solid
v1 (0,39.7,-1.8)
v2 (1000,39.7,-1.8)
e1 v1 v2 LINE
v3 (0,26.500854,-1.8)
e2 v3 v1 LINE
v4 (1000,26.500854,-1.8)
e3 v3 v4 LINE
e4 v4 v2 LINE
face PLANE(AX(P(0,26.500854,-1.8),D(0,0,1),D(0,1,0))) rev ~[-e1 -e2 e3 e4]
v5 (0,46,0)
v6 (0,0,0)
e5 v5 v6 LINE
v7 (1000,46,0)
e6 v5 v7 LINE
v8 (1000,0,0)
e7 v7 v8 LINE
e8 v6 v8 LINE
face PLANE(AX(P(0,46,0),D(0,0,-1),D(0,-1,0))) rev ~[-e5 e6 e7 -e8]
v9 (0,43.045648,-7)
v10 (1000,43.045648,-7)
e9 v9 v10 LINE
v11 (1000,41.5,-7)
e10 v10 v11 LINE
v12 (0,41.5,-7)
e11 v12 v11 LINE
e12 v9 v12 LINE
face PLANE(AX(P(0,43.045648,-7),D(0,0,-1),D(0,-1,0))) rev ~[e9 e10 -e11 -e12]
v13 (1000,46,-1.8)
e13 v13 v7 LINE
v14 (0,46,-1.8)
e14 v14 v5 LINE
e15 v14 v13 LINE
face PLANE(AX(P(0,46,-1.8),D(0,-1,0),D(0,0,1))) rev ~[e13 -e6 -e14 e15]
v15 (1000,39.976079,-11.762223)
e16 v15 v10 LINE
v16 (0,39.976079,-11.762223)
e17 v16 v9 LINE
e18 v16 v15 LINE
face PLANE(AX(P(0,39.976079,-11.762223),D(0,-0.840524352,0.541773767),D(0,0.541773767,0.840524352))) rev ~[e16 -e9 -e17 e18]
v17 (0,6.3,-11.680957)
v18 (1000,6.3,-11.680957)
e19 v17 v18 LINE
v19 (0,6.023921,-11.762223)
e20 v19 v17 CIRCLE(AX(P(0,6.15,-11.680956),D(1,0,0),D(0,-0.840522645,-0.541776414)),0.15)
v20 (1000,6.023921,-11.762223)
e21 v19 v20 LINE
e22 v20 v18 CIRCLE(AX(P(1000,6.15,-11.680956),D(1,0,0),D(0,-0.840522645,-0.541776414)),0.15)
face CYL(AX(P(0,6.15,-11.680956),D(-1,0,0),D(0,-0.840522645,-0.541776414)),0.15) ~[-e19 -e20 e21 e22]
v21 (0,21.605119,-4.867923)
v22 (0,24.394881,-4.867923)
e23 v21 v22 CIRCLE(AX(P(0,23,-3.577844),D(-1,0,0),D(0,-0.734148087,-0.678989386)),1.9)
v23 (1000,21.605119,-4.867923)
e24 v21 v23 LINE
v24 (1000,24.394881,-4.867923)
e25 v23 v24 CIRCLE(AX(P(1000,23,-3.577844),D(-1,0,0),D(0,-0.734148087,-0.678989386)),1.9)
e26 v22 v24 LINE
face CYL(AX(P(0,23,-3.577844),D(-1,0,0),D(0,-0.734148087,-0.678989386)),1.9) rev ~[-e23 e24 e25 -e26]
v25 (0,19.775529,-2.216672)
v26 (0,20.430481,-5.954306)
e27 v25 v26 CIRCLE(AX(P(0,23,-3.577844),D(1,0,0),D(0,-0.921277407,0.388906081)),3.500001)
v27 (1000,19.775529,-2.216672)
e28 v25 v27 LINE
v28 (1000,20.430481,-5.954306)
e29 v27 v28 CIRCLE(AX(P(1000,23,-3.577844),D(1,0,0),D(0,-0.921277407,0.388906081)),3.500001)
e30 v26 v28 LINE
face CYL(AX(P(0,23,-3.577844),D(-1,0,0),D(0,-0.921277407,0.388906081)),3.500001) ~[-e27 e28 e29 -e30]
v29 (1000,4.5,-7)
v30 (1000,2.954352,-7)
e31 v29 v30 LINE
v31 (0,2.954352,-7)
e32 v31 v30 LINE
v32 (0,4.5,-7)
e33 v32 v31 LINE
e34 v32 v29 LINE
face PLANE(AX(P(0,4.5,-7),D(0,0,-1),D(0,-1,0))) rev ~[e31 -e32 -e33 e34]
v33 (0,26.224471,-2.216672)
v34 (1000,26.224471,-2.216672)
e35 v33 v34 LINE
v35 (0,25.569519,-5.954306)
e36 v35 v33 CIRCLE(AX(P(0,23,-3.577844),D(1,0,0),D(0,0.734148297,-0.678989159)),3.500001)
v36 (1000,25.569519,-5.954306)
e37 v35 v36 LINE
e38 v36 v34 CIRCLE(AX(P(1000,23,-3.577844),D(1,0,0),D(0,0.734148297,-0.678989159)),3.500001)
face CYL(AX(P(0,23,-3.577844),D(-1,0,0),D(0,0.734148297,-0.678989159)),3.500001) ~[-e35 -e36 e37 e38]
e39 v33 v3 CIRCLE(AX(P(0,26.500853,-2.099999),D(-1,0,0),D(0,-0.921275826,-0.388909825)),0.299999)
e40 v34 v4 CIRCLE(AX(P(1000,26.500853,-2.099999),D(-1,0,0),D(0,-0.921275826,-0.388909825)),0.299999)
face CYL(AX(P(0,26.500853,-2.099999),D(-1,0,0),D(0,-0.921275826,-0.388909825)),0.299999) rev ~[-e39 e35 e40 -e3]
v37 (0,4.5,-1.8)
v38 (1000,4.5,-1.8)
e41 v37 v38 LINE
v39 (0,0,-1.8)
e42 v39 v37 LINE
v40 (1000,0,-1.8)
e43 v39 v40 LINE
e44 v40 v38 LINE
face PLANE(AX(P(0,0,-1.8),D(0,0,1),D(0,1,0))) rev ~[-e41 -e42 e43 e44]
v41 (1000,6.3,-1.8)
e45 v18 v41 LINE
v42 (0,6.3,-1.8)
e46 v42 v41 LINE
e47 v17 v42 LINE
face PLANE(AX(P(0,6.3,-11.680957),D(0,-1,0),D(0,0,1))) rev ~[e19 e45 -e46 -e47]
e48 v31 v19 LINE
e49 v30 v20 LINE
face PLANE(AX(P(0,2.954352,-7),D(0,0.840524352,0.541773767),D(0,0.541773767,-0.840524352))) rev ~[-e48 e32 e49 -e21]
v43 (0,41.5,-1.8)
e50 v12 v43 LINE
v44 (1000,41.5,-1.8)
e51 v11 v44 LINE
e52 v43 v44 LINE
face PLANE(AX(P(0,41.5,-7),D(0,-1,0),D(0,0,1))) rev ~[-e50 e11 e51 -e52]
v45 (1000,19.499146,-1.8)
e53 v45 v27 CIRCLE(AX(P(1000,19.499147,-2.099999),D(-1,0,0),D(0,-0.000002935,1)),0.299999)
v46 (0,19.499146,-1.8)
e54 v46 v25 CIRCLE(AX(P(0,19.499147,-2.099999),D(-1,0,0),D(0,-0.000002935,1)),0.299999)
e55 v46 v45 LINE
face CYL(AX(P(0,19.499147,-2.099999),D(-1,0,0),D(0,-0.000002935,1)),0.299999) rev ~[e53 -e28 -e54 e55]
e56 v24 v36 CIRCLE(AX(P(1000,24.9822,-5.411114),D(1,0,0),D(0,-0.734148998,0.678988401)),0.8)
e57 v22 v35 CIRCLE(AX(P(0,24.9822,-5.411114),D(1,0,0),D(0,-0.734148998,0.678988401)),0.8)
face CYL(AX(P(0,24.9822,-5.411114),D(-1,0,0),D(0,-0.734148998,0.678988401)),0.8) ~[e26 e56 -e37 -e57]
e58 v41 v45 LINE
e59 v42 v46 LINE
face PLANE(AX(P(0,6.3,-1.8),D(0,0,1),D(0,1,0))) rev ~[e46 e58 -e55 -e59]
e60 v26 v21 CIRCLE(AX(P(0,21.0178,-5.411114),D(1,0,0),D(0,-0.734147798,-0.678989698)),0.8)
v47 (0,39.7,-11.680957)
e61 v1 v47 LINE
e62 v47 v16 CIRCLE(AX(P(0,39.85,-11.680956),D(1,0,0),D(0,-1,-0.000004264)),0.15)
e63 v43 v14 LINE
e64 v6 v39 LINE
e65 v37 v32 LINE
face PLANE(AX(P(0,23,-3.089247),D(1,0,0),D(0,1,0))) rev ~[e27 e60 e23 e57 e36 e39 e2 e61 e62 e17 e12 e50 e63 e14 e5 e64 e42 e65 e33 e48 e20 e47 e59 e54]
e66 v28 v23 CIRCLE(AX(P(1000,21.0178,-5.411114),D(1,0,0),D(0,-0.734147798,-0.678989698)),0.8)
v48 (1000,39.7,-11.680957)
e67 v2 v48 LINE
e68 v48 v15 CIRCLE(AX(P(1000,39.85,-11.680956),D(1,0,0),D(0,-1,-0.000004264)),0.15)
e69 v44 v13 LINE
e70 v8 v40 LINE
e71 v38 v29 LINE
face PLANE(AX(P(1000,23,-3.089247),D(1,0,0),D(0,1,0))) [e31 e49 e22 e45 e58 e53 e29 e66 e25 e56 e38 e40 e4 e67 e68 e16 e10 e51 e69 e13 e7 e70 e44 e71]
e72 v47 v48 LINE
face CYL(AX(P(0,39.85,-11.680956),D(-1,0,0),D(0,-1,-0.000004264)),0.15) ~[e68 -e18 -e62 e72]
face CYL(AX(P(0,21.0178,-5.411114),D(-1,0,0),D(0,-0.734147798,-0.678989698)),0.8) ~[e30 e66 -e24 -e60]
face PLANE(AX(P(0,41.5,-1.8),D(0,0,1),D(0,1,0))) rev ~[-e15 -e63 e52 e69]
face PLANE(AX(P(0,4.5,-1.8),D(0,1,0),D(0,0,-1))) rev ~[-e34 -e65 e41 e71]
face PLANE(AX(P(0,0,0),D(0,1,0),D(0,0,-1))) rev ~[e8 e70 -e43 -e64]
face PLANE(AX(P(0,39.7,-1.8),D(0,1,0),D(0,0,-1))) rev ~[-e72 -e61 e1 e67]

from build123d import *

# Parameters (mm, degrees)
F1_DEPTH = 1000


with BuildPart() as f1:
    # F0 (on Right) → F1 (new body)
    with BuildSketch(Plane.YZ):
        with BuildLine():
            ThreePointArc((21.605119, -4.867923), (23, -1.677844), (24.394881, -4.867923))
            ThreePointArc((24.394881, -4.867923), (24.439009, -5.998433), (25.569519, -5.954306))
            ThreePointArc((25.569519, -5.954306), (26.447471, -4.18195), (26.224471, -2.216672))
            ThreePointArc((26.224471, -2.216672), (26.250852, -1.934171), (26.500854, -1.8))
            Line((26.500854, -1.8), (39.7, -1.8))
            Line((39.7, -1.8), (39.7, -11.680957))
            ThreePointArc((39.7, -11.680957), (39.807643, -11.824852), (39.976079, -11.762223))
            Line((39.976079, -11.762223), (43.045648, -7))
            Line((43.045648, -7), (41.5, -7))
            Line((41.5, -7), (41.5, -1.8))
            Line((41.5, -1.8), (46, -1.8))
            Line((46, -1.8), (46, 0))
            Line((46, 0), (0, 0))
            Line((0, 0), (0, -1.8))
            Line((0, -1.8), (4.5, -1.8))
            Line((4.5, -1.8), (4.5, -7))
            Line((4.5, -7), (2.954352, -7))
            Line((2.954352, -7), (6.023921, -11.762223))
            ThreePointArc((6.023921, -11.762223), (6.192357, -11.824852), (6.3, -11.680957))
            Line((6.3, -11.680957), (6.3, -1.8))
            Line((6.3, -1.8), (19.499146, -1.8))
            ThreePointArc((19.499146, -1.8), (19.749148, -1.934171), (19.775529, -2.216672))
            ThreePointArc((19.775529, -2.216672), (19.552529, -4.18195), (20.430481, -5.954306))
            ThreePointArc((20.430481, -5.954306), (21.560991, -5.998433), (21.605119, -4.867923))
        make_face()
    extrude(amount=F1_DEPTH)


solid = f1.part
